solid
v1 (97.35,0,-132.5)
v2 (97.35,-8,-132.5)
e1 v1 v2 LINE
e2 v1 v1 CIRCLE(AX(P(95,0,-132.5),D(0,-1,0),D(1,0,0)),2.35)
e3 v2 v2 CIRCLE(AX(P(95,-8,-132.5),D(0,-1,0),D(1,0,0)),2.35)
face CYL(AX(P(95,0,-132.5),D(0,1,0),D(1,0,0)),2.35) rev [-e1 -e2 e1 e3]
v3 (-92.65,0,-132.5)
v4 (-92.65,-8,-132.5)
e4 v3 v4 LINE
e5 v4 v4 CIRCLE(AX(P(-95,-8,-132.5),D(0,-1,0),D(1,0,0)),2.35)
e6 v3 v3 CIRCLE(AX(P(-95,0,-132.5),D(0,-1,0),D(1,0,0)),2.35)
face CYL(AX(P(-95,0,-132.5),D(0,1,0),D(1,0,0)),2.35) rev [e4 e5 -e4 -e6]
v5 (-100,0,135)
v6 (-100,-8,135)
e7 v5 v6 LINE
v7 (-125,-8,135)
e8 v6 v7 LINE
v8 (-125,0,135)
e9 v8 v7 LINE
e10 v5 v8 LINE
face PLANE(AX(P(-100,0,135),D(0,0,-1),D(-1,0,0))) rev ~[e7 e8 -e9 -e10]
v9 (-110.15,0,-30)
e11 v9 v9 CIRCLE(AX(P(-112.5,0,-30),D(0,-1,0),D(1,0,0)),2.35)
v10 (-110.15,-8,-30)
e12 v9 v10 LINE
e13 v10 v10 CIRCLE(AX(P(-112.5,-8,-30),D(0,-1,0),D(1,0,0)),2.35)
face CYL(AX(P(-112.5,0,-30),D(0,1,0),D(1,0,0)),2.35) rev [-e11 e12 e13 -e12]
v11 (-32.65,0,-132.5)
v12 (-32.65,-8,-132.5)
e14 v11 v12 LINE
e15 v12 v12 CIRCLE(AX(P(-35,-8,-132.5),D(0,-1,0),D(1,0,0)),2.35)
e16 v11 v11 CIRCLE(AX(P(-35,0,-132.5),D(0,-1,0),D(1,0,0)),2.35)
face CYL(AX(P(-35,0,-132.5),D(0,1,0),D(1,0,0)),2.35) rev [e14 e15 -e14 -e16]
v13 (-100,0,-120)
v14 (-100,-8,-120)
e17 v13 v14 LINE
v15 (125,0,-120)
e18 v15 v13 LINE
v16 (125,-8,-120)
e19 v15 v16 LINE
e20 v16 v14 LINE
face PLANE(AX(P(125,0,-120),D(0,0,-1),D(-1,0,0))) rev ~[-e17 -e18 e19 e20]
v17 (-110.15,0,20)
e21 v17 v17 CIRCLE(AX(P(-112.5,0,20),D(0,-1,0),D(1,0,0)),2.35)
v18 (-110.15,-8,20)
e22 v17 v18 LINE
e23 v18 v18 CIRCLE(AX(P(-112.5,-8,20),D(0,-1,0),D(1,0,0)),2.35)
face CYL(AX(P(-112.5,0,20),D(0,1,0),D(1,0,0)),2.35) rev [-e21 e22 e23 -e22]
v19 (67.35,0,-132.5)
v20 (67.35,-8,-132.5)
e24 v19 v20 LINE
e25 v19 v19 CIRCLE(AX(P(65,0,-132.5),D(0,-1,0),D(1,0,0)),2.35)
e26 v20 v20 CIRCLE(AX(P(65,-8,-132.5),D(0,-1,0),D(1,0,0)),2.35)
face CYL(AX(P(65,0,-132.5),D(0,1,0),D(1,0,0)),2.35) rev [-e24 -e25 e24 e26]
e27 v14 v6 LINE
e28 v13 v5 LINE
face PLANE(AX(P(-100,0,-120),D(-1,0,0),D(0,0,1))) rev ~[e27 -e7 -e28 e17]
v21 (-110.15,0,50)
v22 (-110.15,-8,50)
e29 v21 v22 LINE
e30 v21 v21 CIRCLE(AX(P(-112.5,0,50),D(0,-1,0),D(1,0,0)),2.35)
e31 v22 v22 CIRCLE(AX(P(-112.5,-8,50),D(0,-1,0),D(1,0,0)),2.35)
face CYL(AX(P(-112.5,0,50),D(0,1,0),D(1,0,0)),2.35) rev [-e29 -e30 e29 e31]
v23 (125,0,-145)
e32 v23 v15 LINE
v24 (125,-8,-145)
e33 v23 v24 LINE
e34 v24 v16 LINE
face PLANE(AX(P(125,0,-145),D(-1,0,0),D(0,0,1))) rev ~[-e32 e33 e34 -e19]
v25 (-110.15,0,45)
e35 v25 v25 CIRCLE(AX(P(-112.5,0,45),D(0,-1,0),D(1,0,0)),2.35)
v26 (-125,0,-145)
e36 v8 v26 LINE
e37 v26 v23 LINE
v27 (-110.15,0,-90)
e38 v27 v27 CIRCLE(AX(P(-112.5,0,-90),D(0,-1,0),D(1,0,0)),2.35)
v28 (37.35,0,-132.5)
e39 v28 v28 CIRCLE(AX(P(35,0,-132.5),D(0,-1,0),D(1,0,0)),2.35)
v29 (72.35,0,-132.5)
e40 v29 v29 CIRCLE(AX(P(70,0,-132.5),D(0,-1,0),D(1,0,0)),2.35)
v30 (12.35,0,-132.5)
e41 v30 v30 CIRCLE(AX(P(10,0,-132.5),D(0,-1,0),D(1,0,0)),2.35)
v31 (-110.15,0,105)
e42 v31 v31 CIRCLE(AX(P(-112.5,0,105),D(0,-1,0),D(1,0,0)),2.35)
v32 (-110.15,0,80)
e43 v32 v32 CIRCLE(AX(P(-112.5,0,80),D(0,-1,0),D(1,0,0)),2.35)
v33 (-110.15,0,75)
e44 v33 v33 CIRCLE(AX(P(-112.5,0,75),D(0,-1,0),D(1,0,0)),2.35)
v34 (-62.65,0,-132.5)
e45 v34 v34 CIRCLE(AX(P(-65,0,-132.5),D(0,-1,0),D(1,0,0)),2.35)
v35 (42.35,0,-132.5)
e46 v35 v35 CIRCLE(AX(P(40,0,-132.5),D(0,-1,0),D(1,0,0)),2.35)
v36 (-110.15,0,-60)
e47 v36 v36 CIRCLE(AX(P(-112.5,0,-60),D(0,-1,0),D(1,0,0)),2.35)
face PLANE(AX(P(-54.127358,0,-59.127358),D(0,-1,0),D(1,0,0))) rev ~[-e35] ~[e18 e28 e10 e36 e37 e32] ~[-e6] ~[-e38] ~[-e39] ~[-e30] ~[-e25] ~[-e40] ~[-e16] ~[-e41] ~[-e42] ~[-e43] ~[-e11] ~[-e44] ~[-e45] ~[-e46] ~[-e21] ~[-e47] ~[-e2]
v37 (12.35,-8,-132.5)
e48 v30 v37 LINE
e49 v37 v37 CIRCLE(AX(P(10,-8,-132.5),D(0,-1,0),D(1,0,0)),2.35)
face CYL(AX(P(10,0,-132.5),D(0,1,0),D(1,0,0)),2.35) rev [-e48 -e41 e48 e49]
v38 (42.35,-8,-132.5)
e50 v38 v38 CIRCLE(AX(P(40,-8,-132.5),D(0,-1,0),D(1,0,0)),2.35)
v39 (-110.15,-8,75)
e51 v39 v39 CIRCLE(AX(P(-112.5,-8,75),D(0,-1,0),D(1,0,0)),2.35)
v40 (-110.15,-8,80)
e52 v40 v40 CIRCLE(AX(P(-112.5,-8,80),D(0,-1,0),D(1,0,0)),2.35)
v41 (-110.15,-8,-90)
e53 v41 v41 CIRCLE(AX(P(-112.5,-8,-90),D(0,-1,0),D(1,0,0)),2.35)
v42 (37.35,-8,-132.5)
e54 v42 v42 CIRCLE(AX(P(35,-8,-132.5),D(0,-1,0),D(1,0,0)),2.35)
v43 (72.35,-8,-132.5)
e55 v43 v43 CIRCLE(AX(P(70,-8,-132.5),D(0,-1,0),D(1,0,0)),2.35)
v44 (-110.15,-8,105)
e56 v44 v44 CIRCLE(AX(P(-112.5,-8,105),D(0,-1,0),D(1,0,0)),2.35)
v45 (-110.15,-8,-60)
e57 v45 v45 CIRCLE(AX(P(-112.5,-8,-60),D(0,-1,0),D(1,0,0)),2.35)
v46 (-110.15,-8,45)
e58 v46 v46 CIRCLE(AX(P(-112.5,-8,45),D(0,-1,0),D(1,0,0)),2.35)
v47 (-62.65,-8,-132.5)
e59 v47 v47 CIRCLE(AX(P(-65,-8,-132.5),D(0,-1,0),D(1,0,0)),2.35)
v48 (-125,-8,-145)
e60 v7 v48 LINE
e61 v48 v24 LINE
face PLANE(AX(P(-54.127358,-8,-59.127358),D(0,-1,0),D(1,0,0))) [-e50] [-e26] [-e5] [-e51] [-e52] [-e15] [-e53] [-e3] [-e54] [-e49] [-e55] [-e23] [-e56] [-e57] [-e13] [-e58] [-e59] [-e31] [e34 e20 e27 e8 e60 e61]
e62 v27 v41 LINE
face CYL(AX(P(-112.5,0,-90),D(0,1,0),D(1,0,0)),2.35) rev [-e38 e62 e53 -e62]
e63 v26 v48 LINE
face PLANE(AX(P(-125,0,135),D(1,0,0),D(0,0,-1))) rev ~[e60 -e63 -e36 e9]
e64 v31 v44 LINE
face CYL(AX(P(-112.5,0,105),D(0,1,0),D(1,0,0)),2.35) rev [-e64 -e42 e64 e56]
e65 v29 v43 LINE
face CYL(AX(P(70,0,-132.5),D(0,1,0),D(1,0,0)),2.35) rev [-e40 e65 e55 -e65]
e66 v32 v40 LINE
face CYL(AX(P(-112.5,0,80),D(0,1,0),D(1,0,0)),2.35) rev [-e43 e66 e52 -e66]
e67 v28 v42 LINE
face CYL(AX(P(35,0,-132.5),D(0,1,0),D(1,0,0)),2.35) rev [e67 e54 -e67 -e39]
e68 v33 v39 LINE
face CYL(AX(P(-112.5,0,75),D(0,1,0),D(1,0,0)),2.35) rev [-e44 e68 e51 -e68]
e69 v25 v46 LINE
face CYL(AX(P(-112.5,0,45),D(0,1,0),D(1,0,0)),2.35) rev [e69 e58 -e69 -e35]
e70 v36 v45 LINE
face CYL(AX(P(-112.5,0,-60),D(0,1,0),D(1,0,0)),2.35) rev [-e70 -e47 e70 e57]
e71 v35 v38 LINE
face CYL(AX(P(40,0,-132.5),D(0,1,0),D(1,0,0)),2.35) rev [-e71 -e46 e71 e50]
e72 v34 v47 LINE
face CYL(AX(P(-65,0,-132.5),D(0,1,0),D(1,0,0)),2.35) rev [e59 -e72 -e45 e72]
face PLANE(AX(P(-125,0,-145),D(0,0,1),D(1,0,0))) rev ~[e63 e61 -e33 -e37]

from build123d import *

# Parameters (mm, degrees)
F0_R     = 2.35
F1_DEPTH = 8


with BuildPart() as f1:
    # F0 (on Front) → F1 (new body)
    with BuildSketch(Plane.XZ):
        Polygon((-125, 135), (-125, -145), (125, -145), (125, -120), (-100, -120), (-100, 135), align=None)
        with Locations((-95, -132.5)):
            Circle(F0_R, mode=Mode.SUBTRACT)
        with Locations((-65, -132.5)):
            Circle(F0_R, mode=Mode.SUBTRACT)
        with Locations((-112.5, -90)):
            Circle(F0_R, mode=Mode.SUBTRACT)
        with Locations((-35, -132.5)):
            Circle(F0_R, mode=Mode.SUBTRACT)
        with Locations((-112.5, -60)):
            Circle(F0_R, mode=Mode.SUBTRACT)
        with Locations((-112.5, -30)):
            Circle(F0_R, mode=Mode.SUBTRACT)
        with Locations((10, -132.5)):
            Circle(F0_R, mode=Mode.SUBTRACT)
        with Locations((35, -132.5)):
            Circle(F0_R, mode=Mode.SUBTRACT)
        with Locations((40, -132.5)):
            Circle(F0_R, mode=Mode.SUBTRACT)
        with Locations((65, -132.5)):
            Circle(F0_R, mode=Mode.SUBTRACT)
        with Locations((70, -132.5)):
            Circle(F0_R, mode=Mode.SUBTRACT)
        with Locations((95, -132.5)):
            Circle(F0_R, mode=Mode.SUBTRACT)
        with Locations((-112.5, 20)):
            Circle(F0_R, mode=Mode.SUBTRACT)
        with Locations((-112.5, 45)):
            Circle(F0_R, mode=Mode.SUBTRACT)
        with Locations((-112.5, 50)):
            Circle(F0_R, mode=Mode.SUBTRACT)
        with Locations((-112.5, 75)):
            Circle(F0_R, mode=Mode.SUBTRACT)
        with Locations((-112.5, 80)):
            Circle(F0_R, mode=Mode.SUBTRACT)
        with Locations((-112.5, 105)):
            Circle(F0_R, mode=Mode.SUBTRACT)
    extrude(amount=F1_DEPTH)


solid = f1.part
